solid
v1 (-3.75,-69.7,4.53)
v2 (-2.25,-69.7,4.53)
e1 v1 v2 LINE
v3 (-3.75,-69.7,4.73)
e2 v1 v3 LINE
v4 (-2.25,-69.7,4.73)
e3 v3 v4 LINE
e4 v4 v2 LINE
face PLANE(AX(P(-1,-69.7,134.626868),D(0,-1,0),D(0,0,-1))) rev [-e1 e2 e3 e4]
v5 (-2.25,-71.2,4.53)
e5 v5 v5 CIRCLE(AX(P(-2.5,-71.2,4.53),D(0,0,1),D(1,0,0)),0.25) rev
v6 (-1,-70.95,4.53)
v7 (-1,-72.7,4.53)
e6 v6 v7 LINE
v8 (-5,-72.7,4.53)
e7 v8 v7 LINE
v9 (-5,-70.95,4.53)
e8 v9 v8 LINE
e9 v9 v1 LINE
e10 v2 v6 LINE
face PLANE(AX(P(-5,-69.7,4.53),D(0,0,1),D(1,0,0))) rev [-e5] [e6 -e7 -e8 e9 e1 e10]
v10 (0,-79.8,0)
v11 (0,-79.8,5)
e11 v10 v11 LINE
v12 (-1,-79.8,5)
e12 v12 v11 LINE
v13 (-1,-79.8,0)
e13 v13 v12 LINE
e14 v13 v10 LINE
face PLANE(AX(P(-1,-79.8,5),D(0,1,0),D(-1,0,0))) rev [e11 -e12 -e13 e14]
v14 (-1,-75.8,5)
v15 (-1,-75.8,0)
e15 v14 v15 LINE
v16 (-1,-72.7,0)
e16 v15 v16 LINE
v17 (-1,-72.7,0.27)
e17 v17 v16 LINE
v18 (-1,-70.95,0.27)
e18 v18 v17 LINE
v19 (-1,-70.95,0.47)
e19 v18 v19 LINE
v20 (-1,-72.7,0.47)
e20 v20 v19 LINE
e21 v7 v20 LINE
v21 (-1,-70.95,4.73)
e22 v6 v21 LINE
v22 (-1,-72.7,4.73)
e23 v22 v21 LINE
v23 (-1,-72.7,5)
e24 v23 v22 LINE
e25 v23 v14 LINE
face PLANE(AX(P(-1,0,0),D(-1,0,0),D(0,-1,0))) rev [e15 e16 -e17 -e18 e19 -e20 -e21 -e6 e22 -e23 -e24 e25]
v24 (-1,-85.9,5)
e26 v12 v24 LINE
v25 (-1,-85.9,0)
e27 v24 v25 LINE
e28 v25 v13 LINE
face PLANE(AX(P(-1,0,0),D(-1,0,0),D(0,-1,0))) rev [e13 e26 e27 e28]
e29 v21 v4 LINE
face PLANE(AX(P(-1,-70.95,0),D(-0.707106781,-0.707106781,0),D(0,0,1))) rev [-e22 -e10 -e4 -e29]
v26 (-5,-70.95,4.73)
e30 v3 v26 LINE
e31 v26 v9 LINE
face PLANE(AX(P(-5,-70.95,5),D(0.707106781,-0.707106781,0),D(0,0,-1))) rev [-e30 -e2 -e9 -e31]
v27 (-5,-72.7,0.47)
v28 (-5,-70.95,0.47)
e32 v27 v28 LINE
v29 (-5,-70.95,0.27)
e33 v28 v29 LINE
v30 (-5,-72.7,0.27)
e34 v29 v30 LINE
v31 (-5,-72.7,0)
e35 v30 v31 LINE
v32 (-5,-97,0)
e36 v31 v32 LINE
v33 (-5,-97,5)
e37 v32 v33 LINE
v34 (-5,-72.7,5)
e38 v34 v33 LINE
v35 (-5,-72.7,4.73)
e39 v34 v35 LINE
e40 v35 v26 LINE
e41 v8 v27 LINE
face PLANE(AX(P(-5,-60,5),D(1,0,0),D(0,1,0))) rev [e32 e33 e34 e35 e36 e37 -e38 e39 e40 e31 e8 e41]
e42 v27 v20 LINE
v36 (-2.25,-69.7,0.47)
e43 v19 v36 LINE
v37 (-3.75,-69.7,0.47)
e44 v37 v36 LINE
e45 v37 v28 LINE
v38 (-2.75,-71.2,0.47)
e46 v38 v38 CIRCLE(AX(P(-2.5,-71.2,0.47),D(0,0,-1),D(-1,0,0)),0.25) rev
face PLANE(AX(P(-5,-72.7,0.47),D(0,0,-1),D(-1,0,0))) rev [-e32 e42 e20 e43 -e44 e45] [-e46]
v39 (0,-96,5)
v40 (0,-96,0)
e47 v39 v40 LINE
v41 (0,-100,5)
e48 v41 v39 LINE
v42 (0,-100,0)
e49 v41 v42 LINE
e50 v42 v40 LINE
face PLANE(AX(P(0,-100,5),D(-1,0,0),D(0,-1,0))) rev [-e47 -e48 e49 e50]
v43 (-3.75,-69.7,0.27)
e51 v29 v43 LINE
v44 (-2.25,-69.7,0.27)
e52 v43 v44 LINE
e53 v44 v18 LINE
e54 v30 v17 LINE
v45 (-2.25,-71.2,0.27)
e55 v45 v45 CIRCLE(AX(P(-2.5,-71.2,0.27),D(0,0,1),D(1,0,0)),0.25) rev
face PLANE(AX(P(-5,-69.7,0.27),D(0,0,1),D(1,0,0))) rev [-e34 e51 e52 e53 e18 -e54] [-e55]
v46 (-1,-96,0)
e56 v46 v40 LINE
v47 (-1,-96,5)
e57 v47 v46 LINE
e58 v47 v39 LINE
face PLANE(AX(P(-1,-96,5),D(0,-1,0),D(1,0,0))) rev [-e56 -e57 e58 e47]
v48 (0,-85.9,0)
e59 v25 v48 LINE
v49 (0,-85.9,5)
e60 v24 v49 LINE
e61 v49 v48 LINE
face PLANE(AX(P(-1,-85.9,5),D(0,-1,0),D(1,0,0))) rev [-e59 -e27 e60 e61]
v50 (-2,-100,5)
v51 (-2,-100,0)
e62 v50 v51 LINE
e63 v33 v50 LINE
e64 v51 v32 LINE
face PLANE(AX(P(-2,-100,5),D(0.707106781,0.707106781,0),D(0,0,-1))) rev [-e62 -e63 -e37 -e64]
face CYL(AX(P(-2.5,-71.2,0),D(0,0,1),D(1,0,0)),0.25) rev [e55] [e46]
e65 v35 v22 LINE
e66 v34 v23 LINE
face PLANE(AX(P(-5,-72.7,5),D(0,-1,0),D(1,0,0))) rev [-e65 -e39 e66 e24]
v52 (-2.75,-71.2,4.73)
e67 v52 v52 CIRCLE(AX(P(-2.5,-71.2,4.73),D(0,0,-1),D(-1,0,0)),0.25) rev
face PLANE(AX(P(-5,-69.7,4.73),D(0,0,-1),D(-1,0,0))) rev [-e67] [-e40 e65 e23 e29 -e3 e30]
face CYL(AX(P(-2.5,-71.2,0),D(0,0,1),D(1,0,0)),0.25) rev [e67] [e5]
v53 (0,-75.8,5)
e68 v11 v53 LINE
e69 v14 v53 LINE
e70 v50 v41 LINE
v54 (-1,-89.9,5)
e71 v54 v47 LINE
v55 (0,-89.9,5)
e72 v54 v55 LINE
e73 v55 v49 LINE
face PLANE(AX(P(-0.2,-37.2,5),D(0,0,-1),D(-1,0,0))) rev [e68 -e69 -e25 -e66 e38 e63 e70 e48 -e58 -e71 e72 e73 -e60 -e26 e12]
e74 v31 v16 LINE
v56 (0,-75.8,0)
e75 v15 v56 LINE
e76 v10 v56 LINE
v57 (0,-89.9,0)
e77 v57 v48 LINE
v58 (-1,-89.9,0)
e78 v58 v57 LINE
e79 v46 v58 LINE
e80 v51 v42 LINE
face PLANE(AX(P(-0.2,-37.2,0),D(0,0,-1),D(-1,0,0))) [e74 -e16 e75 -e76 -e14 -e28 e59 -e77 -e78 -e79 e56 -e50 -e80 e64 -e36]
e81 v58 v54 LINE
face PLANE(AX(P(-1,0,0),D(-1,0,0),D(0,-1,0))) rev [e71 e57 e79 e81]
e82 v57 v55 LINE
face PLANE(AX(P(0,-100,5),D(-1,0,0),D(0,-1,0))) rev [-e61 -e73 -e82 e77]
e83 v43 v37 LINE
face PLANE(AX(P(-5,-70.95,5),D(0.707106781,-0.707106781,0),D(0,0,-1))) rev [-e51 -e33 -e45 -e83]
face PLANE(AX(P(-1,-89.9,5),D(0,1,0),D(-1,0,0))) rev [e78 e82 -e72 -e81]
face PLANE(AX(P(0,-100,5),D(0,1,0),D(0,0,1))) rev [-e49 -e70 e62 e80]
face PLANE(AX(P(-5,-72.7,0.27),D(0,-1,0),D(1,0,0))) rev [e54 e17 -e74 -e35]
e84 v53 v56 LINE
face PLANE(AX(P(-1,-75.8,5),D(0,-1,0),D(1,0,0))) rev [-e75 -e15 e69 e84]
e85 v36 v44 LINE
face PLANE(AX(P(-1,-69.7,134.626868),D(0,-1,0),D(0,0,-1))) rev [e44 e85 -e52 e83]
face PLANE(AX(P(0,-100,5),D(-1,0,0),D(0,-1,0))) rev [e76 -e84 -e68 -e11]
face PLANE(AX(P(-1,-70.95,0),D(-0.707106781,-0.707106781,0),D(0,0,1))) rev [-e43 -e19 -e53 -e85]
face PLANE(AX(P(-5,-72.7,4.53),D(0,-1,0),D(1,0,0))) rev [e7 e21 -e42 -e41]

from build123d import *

# Parameters (mm, degrees)
BOSS_EXTRUDE1_DEPTH     = 5
SKETCH4_W               = 5
SKETCH4_H               = 6.1
CUT_EXTRUDE1_DEPTH      = 1
CHAMFER1_SIZE           = 3
CUT_EXTRUDE8_DEPTH      = 104.701494685
CUT_EXTRUDE8_DEPTH_BACK = 104.701494685
SKETCH13_R              = 0.25
CUT_EXTRUDE9_DEPTH      = 101.249688279
SKETCH14_W              = 0.27
SKETCH14_H              = 3
CUT_EXTRUDE11_DEPTH     = 101.204790305
SKETCH16_W              = 4.06
SKETCH16_H              = 3
CUT_EXTRUDE12_DEPTH     = 101.204790305
CHAMFER4_SIZE           = 1.25
CHAMFER7_SIZE           = 1.25
CHAMFER8_SIZE           = 1.25
CHAMFER9_SIZE           = 1.25


with BuildPart() as part:
    # Sketch1 → Boss-Extrude1 (new body)
    with BuildSketch(Plane.XY):
        with BuildLine():
            Line((0, -100), (-5, -100))
            Line((-5, -100), (-5, -60))
            Line((-5, -60), (-12, -5))
            Line((-12, -5), (-27, -5))
            Line((-27, -5), (-27, 0))
            Line((-27, 0), (-3, 0))
            Line((-3, 0), (-3, -37.2))
            ThreePointArc((-3, -37.2), (-2.179898987, -39.179898987), (-0.2, -40))
            Line((-0.2, -40), (0, -40))
            Line((0, -40), (0, -100))
        make_face()
    extrude(amount=BOSS_EXTRUDE1_DEPTH)

    # Sketch4 → Cut-Extrude1 (cut)
    with BuildSketch(Plane(origin=(0, 0, 0), x_dir=(0, 0, -1), z_dir=(1, 0, 0))):
        with Locations((-2.5, -92.95)):
            Rectangle(SKETCH4_W, SKETCH4_H)
        with Locations((-2.5, -82.85)):
            Rectangle(SKETCH4_W, SKETCH4_H)
        with Locations((-2.5, -72.75)):
            Rectangle(SKETCH4_W, SKETCH4_H)
        with Locations((-2.5, -62.65)):
            Rectangle(SKETCH4_W, SKETCH4_H)
        with Locations((-2.5, -52.55)):
            Rectangle(SKETCH4_W, SKETCH4_H)
        with Locations((-2.5, -42.45)):
            Rectangle(SKETCH4_W, SKETCH4_H)
    extrude(amount=-CUT_EXTRUDE1_DEPTH, mode=Mode.SUBTRACT)

    # Chamfer1
    chamfer1_edges = [part.edges().sort_by_distance(p)[0] for p in [
        (-5, -100, 2.5),
    ]]
    chamfer(chamfer1_edges, length=CHAMFER1_SIZE)

    # Sketch9 → Cut-Extrude8 (cut, two sides: drawn at the far end of the back side and taken through both)
    with BuildSketch(Plane.XY.offset(5).offset(-CUT_EXTRUDE8_DEPTH_BACK)):
        Polygon((157.782929128, -69.7), (-1, -69.7), (-5, -69.7), (-163.782929128, -69.7), (-163.782929128, 247.865858257), (157.782929128, 247.865858257), align=None)
    extrude(amount=CUT_EXTRUDE8_DEPTH + CUT_EXTRUDE8_DEPTH_BACK, mode=Mode.SUBTRACT)

    # Sketch13 → Cut-Extrude9 (cut, through all)
    with BuildSketch(Plane.XY.offset(5)):
        with Locations((-2.5, -71.2)):
            Circle(SKETCH13_R)
    extrude(amount=-CUT_EXTRUDE9_DEPTH, mode=Mode.SUBTRACT)

    # Sketch14 → Cut-Extrude11 (cut, through all)
    with BuildSketch(Plane(origin=(-1, 0, 0), x_dir=(0, 0, -1), z_dir=(1, 0, 0))):
        with Locations((-4.865, -71.2)):
            Rectangle(SKETCH14_W, SKETCH14_H)
        with Locations((-0.135, -71.2)):
            Rectangle(SKETCH14_W, SKETCH14_H)
    extrude(amount=-CUT_EXTRUDE11_DEPTH, mode=Mode.SUBTRACT)

    # Sketch16 → Cut-Extrude12 (cut, through all)
    with BuildSketch(Plane(origin=(-1, 0, 0), x_dir=(0, 0, -1), z_dir=(1, 0, 0))):
        with Locations((-2.5, -71.2)):
            Rectangle(SKETCH16_W, SKETCH16_H)
    extrude(amount=-CUT_EXTRUDE12_DEPTH, mode=Mode.SUBTRACT)

    # Chamfer4
    chamfer4_edges = [part.edges().sort_by_distance(p)[0] for p in [
        (-1, -69.7, 4.63),
    ]]
    chamfer(chamfer4_edges, length=CHAMFER4_SIZE)

    # Chamfer7
    chamfer7_edges = [part.edges().sort_by_distance(p)[0] for p in [
        (-1, -69.7, 0.37),
    ]]
    chamfer(chamfer7_edges, length=CHAMFER7_SIZE)

    # Chamfer8
    chamfer8_edges = [part.edges().sort_by_distance(p)[0] for p in [
        (-5, -69.7, 4.63),
    ]]
    chamfer(chamfer8_edges, length=CHAMFER8_SIZE)

    # Chamfer9
    chamfer9_edges = [part.edges().sort_by_distance(p)[0] for p in [
        (-5, -69.7, 0.37),
    ]]
    chamfer(chamfer9_edges, length=CHAMFER9_SIZE)


solid = part.part
